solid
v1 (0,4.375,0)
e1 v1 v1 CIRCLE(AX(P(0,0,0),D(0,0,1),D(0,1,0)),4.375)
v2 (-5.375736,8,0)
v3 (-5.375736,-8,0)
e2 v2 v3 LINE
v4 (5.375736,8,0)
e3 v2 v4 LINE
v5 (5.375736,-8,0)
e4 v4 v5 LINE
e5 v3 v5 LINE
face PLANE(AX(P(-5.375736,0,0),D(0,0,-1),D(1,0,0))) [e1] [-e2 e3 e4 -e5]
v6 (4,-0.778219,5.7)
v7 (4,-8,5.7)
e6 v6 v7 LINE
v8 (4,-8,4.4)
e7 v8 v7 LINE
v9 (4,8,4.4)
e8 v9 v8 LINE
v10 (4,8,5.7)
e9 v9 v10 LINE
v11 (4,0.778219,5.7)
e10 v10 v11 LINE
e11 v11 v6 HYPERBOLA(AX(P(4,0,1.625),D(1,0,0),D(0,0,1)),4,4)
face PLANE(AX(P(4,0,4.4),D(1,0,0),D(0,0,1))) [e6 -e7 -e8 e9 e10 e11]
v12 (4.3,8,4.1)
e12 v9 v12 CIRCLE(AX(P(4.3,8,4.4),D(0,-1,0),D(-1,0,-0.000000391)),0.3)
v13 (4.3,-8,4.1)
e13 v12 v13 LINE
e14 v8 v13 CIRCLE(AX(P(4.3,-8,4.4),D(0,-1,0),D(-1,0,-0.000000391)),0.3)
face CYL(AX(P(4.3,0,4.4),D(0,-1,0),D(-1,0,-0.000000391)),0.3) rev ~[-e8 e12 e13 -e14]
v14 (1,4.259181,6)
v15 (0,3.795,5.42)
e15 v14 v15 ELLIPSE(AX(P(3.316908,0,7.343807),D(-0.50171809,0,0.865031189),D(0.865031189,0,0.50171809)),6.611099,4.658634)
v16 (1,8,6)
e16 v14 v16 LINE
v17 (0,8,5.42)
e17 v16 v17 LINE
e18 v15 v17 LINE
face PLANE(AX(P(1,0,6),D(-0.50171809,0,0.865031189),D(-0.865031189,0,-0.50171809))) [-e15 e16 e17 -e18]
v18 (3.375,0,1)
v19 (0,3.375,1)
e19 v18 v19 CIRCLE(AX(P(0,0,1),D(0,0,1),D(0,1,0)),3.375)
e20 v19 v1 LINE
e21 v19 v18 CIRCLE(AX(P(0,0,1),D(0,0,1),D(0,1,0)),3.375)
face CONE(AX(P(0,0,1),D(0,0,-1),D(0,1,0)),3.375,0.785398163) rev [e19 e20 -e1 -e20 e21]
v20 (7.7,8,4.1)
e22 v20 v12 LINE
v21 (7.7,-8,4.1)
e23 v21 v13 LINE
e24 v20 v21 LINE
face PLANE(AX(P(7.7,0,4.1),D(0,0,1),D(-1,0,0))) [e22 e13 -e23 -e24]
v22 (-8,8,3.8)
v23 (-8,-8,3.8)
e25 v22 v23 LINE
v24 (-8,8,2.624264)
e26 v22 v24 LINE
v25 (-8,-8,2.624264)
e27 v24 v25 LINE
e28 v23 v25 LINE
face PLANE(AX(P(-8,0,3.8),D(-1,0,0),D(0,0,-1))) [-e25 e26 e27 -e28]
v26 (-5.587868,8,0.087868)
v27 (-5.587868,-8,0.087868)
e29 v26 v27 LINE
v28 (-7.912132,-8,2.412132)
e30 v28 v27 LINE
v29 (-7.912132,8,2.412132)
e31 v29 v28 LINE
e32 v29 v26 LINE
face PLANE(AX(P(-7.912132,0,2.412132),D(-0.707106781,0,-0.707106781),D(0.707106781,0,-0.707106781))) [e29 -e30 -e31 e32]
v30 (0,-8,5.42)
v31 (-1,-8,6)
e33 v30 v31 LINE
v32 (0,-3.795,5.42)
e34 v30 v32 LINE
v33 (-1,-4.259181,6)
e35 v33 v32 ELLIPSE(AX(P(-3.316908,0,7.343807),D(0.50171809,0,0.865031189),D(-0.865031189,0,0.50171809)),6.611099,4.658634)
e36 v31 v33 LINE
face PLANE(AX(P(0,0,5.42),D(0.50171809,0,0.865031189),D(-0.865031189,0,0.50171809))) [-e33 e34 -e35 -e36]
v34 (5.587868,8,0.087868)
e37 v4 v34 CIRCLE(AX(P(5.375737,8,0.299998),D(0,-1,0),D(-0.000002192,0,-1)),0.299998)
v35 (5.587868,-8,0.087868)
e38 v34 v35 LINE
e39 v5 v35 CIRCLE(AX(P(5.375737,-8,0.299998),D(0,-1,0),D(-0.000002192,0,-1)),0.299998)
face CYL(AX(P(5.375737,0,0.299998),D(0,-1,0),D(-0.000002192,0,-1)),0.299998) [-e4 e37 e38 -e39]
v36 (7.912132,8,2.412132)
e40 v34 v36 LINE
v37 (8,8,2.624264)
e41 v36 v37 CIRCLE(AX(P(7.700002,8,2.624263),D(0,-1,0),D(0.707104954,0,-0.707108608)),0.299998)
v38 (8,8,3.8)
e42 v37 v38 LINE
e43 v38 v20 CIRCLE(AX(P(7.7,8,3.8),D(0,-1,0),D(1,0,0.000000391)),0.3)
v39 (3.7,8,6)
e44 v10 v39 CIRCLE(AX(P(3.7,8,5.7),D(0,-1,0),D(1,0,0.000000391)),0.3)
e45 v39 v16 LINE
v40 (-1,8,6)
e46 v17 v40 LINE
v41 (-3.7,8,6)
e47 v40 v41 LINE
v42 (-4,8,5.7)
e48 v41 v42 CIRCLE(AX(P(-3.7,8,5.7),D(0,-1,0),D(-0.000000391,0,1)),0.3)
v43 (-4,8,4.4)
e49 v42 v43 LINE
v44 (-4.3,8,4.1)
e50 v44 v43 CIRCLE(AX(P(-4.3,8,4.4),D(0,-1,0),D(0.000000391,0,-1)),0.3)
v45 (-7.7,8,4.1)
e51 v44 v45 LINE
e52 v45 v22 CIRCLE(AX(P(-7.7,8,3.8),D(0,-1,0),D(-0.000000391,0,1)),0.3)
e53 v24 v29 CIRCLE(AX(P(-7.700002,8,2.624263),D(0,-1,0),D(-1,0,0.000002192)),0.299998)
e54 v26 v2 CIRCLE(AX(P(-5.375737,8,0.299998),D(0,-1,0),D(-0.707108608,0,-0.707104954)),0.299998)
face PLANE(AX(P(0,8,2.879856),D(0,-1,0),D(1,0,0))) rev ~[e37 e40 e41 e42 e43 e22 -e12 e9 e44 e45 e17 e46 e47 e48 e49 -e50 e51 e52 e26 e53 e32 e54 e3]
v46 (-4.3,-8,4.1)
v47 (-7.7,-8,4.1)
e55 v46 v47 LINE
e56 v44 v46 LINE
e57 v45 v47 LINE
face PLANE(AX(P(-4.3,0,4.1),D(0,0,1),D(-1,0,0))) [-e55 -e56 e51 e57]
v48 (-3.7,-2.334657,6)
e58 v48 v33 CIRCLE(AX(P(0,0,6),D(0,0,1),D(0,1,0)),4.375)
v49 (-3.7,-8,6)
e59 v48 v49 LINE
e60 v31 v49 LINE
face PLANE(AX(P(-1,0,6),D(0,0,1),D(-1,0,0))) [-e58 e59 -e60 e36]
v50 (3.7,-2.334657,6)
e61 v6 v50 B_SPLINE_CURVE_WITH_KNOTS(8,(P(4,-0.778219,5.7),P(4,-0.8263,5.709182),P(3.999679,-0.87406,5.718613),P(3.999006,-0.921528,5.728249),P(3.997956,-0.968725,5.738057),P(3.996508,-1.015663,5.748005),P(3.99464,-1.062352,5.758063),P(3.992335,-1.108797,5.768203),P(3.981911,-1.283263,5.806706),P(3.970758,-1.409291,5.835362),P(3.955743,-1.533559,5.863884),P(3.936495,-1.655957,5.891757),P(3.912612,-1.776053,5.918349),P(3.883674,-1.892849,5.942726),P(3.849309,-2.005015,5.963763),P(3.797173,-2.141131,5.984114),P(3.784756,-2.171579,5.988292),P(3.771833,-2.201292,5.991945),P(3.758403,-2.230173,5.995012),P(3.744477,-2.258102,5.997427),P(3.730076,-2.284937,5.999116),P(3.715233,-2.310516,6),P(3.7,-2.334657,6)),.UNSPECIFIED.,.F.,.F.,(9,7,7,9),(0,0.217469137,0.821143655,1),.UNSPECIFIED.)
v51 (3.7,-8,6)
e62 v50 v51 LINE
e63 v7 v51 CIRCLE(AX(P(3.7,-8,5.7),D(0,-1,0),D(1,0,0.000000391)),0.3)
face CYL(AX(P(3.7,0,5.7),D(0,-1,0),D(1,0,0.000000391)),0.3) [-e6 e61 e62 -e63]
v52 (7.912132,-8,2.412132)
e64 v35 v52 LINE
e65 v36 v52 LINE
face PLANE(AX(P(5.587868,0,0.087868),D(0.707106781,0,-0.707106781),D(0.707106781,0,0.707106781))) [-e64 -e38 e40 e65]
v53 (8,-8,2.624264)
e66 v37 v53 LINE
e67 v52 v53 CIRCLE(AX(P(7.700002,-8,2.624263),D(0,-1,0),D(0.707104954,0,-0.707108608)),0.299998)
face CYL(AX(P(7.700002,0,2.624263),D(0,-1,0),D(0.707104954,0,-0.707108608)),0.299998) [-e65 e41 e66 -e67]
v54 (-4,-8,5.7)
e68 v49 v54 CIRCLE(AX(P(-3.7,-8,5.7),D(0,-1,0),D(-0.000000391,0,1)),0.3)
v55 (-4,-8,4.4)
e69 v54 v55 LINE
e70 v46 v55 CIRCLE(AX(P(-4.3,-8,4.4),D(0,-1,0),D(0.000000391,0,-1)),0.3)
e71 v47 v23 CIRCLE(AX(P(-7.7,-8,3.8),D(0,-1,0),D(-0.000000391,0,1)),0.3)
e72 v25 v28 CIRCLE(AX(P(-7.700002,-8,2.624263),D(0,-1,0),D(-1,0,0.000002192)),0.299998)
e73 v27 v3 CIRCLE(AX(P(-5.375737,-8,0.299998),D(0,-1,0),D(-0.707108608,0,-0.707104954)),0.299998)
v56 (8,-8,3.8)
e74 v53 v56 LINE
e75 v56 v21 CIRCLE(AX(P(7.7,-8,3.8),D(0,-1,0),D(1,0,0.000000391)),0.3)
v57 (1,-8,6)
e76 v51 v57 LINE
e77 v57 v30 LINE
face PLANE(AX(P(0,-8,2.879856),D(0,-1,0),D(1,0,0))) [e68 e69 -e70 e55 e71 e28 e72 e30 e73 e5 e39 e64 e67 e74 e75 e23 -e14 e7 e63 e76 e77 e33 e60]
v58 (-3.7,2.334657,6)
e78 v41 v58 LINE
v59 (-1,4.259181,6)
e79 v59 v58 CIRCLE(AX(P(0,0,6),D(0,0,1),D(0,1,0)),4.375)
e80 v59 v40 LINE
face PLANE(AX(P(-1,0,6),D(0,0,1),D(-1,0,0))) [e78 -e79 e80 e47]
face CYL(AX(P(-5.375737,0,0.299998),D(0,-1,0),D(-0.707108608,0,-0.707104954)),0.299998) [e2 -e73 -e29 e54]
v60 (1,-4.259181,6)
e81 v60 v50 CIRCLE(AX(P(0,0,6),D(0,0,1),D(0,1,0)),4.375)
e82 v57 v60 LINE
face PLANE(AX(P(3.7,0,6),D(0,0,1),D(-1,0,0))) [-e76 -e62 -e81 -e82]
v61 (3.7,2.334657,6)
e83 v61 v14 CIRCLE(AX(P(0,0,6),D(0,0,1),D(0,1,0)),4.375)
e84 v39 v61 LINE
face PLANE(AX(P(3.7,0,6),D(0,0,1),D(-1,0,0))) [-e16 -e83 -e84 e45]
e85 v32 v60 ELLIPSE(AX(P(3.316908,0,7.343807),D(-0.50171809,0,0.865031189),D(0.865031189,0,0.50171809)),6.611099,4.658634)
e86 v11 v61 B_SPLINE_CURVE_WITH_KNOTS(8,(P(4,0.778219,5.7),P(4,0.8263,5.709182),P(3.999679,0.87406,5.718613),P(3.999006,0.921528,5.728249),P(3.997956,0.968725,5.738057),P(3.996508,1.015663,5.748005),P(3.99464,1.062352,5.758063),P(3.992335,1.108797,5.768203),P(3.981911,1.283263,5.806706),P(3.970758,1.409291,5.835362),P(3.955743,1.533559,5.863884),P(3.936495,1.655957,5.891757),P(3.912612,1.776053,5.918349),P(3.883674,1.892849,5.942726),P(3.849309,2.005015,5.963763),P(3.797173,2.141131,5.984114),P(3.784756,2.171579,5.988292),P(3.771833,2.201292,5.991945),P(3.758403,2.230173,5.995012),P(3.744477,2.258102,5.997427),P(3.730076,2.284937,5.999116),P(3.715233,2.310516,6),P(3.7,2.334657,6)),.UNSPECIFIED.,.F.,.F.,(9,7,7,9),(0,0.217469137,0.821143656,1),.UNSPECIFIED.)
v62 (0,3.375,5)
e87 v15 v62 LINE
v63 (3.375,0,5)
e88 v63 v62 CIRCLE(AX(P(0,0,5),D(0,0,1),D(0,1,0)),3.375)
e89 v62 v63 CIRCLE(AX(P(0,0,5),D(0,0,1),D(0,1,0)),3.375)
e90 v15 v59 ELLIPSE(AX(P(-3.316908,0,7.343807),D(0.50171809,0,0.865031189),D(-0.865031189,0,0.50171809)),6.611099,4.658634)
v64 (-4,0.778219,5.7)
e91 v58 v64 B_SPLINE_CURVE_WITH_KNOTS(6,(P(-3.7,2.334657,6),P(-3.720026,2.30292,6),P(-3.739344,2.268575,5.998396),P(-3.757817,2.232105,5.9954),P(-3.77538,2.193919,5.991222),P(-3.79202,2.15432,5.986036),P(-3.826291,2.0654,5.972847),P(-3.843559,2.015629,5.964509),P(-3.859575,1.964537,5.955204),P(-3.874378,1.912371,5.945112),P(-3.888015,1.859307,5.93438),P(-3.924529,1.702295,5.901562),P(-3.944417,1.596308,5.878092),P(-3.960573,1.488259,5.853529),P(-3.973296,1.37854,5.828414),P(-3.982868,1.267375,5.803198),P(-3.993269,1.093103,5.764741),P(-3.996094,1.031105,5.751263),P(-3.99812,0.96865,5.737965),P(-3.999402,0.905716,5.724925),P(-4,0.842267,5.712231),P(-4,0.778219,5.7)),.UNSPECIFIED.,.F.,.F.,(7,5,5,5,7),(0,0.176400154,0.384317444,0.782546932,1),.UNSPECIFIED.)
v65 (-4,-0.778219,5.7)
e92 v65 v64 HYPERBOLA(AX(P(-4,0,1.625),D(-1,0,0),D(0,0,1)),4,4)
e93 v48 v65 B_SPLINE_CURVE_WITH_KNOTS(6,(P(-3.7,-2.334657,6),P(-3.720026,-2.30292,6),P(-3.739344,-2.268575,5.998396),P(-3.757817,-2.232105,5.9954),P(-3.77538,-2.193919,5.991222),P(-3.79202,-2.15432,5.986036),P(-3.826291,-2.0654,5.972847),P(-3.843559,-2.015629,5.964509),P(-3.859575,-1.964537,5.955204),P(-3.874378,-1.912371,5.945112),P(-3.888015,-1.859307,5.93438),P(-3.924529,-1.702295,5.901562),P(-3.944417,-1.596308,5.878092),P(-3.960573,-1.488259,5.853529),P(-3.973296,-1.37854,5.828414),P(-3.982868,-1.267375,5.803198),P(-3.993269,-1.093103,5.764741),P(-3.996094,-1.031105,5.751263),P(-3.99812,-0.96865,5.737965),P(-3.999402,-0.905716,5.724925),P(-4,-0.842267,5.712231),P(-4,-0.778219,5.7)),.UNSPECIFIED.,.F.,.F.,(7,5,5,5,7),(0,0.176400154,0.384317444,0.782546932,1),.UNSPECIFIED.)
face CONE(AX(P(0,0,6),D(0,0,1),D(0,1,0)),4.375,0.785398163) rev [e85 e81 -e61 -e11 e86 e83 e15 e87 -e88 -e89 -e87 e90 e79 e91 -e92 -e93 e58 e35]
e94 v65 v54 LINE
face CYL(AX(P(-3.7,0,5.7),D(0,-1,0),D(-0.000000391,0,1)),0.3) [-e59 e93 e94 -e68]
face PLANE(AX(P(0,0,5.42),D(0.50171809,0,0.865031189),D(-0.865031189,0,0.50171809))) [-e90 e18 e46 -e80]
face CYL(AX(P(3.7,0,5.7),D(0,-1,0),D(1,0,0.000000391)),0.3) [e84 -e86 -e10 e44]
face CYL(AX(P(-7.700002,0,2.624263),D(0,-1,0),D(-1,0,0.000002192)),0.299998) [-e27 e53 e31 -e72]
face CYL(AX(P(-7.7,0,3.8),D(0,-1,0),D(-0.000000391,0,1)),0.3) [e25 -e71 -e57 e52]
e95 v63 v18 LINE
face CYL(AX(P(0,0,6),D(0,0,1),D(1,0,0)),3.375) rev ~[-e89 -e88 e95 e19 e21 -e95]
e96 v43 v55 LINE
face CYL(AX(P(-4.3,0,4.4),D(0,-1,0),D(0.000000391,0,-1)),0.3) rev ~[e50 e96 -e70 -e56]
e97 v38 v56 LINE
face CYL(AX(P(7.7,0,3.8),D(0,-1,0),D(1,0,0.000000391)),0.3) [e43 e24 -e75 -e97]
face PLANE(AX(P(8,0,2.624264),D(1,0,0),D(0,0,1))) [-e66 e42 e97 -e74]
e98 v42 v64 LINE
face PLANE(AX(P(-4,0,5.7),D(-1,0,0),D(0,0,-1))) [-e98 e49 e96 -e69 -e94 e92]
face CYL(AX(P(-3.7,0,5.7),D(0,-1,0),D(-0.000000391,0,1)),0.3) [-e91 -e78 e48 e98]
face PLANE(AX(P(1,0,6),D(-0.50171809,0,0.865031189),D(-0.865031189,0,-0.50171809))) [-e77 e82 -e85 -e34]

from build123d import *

# Parameters (mm, degrees)
PAD_DEPTH   = 8
SKETCH001_R = 3.375
HOLE_DEPTH  = 6.001


with BuildPart() as part:
    # Sketch → Pad (new body, symmetric)
    with BuildSketch(Plane.XZ):
        with BuildLine():
            Line((-1, 6), (-3.7, 6))
            ThreePointArc((-3.7, 6), (-3.912132, 5.912132), (-4, 5.7))
            Line((-4, 5.7), (-4, 4.4))
            ThreePointArc((-4.3, 4.1), (-4.087868, 4.187868), (-4, 4.4))
            Line((-4.3, 4.1), (-7.7, 4.1))
            ThreePointArc((-7.7, 4.1), (-7.912132, 4.012132), (-8, 3.8))
            Line((-8, 3.8), (-8, 2.624264))
            ThreePointArc((-8, 2.624264), (-7.977164, 2.509459), (-7.912132, 2.412132))
            Line((-7.912132, 2.412132), (-5.587868, 0.087868))
            ThreePointArc((-5.587868, 0.087868), (-5.490541, 0.022836), (-5.375736, 0))
            Line((-5.375736, 0), (5.375736, 0))
            ThreePointArc((5.375736, 0), (5.490541, 0.022836), (5.587868, 0.087868))
            Line((5.587868, 0.087868), (7.912132, 2.412132))
            ThreePointArc((7.912132, 2.412132), (7.977164, 2.509459), (8, 2.624264))
            Line((8, 2.624264), (8, 3.8))
            ThreePointArc((8, 3.8), (7.912132, 4.012132), (7.7, 4.1))
            Line((7.7, 4.1), (4.3, 4.1))
            ThreePointArc((4, 4.4), (4.087868, 4.187868), (4.3, 4.1))
            Line((4, 4.4), (4, 5.7))
            ThreePointArc((4, 5.7), (3.912132, 5.912132), (3.7, 6))
            Line((3.7, 6), (1, 6))
            Line((1, 6), (0, 5.42))
            Line((0, 5.42), (-1, 6))
        make_face()
    extrude(amount=PAD_DEPTH, both=True)

    # Sketch001 → Hole (cut, through all)
    with BuildSketch(Plane.XY.offset(6)):
        Circle(SKETCH001_R)
    extrude(amount=-HOLE_DEPTH, mode=Mode.SUBTRACT)

    # Sketch002 → Groove (revolve, cut)
    with BuildSketch(Plane.YZ):
        Polygon((3.375, 6), (4.375, 6), (3.375, 5), align=None)
        Polygon((3.375, 0), (3.375, 1), (4.375, 0), align=None)
    revolve(axis=Axis((0, 0, 0), (0, 0, 1)), mode=Mode.SUBTRACT)


solid = part.part
